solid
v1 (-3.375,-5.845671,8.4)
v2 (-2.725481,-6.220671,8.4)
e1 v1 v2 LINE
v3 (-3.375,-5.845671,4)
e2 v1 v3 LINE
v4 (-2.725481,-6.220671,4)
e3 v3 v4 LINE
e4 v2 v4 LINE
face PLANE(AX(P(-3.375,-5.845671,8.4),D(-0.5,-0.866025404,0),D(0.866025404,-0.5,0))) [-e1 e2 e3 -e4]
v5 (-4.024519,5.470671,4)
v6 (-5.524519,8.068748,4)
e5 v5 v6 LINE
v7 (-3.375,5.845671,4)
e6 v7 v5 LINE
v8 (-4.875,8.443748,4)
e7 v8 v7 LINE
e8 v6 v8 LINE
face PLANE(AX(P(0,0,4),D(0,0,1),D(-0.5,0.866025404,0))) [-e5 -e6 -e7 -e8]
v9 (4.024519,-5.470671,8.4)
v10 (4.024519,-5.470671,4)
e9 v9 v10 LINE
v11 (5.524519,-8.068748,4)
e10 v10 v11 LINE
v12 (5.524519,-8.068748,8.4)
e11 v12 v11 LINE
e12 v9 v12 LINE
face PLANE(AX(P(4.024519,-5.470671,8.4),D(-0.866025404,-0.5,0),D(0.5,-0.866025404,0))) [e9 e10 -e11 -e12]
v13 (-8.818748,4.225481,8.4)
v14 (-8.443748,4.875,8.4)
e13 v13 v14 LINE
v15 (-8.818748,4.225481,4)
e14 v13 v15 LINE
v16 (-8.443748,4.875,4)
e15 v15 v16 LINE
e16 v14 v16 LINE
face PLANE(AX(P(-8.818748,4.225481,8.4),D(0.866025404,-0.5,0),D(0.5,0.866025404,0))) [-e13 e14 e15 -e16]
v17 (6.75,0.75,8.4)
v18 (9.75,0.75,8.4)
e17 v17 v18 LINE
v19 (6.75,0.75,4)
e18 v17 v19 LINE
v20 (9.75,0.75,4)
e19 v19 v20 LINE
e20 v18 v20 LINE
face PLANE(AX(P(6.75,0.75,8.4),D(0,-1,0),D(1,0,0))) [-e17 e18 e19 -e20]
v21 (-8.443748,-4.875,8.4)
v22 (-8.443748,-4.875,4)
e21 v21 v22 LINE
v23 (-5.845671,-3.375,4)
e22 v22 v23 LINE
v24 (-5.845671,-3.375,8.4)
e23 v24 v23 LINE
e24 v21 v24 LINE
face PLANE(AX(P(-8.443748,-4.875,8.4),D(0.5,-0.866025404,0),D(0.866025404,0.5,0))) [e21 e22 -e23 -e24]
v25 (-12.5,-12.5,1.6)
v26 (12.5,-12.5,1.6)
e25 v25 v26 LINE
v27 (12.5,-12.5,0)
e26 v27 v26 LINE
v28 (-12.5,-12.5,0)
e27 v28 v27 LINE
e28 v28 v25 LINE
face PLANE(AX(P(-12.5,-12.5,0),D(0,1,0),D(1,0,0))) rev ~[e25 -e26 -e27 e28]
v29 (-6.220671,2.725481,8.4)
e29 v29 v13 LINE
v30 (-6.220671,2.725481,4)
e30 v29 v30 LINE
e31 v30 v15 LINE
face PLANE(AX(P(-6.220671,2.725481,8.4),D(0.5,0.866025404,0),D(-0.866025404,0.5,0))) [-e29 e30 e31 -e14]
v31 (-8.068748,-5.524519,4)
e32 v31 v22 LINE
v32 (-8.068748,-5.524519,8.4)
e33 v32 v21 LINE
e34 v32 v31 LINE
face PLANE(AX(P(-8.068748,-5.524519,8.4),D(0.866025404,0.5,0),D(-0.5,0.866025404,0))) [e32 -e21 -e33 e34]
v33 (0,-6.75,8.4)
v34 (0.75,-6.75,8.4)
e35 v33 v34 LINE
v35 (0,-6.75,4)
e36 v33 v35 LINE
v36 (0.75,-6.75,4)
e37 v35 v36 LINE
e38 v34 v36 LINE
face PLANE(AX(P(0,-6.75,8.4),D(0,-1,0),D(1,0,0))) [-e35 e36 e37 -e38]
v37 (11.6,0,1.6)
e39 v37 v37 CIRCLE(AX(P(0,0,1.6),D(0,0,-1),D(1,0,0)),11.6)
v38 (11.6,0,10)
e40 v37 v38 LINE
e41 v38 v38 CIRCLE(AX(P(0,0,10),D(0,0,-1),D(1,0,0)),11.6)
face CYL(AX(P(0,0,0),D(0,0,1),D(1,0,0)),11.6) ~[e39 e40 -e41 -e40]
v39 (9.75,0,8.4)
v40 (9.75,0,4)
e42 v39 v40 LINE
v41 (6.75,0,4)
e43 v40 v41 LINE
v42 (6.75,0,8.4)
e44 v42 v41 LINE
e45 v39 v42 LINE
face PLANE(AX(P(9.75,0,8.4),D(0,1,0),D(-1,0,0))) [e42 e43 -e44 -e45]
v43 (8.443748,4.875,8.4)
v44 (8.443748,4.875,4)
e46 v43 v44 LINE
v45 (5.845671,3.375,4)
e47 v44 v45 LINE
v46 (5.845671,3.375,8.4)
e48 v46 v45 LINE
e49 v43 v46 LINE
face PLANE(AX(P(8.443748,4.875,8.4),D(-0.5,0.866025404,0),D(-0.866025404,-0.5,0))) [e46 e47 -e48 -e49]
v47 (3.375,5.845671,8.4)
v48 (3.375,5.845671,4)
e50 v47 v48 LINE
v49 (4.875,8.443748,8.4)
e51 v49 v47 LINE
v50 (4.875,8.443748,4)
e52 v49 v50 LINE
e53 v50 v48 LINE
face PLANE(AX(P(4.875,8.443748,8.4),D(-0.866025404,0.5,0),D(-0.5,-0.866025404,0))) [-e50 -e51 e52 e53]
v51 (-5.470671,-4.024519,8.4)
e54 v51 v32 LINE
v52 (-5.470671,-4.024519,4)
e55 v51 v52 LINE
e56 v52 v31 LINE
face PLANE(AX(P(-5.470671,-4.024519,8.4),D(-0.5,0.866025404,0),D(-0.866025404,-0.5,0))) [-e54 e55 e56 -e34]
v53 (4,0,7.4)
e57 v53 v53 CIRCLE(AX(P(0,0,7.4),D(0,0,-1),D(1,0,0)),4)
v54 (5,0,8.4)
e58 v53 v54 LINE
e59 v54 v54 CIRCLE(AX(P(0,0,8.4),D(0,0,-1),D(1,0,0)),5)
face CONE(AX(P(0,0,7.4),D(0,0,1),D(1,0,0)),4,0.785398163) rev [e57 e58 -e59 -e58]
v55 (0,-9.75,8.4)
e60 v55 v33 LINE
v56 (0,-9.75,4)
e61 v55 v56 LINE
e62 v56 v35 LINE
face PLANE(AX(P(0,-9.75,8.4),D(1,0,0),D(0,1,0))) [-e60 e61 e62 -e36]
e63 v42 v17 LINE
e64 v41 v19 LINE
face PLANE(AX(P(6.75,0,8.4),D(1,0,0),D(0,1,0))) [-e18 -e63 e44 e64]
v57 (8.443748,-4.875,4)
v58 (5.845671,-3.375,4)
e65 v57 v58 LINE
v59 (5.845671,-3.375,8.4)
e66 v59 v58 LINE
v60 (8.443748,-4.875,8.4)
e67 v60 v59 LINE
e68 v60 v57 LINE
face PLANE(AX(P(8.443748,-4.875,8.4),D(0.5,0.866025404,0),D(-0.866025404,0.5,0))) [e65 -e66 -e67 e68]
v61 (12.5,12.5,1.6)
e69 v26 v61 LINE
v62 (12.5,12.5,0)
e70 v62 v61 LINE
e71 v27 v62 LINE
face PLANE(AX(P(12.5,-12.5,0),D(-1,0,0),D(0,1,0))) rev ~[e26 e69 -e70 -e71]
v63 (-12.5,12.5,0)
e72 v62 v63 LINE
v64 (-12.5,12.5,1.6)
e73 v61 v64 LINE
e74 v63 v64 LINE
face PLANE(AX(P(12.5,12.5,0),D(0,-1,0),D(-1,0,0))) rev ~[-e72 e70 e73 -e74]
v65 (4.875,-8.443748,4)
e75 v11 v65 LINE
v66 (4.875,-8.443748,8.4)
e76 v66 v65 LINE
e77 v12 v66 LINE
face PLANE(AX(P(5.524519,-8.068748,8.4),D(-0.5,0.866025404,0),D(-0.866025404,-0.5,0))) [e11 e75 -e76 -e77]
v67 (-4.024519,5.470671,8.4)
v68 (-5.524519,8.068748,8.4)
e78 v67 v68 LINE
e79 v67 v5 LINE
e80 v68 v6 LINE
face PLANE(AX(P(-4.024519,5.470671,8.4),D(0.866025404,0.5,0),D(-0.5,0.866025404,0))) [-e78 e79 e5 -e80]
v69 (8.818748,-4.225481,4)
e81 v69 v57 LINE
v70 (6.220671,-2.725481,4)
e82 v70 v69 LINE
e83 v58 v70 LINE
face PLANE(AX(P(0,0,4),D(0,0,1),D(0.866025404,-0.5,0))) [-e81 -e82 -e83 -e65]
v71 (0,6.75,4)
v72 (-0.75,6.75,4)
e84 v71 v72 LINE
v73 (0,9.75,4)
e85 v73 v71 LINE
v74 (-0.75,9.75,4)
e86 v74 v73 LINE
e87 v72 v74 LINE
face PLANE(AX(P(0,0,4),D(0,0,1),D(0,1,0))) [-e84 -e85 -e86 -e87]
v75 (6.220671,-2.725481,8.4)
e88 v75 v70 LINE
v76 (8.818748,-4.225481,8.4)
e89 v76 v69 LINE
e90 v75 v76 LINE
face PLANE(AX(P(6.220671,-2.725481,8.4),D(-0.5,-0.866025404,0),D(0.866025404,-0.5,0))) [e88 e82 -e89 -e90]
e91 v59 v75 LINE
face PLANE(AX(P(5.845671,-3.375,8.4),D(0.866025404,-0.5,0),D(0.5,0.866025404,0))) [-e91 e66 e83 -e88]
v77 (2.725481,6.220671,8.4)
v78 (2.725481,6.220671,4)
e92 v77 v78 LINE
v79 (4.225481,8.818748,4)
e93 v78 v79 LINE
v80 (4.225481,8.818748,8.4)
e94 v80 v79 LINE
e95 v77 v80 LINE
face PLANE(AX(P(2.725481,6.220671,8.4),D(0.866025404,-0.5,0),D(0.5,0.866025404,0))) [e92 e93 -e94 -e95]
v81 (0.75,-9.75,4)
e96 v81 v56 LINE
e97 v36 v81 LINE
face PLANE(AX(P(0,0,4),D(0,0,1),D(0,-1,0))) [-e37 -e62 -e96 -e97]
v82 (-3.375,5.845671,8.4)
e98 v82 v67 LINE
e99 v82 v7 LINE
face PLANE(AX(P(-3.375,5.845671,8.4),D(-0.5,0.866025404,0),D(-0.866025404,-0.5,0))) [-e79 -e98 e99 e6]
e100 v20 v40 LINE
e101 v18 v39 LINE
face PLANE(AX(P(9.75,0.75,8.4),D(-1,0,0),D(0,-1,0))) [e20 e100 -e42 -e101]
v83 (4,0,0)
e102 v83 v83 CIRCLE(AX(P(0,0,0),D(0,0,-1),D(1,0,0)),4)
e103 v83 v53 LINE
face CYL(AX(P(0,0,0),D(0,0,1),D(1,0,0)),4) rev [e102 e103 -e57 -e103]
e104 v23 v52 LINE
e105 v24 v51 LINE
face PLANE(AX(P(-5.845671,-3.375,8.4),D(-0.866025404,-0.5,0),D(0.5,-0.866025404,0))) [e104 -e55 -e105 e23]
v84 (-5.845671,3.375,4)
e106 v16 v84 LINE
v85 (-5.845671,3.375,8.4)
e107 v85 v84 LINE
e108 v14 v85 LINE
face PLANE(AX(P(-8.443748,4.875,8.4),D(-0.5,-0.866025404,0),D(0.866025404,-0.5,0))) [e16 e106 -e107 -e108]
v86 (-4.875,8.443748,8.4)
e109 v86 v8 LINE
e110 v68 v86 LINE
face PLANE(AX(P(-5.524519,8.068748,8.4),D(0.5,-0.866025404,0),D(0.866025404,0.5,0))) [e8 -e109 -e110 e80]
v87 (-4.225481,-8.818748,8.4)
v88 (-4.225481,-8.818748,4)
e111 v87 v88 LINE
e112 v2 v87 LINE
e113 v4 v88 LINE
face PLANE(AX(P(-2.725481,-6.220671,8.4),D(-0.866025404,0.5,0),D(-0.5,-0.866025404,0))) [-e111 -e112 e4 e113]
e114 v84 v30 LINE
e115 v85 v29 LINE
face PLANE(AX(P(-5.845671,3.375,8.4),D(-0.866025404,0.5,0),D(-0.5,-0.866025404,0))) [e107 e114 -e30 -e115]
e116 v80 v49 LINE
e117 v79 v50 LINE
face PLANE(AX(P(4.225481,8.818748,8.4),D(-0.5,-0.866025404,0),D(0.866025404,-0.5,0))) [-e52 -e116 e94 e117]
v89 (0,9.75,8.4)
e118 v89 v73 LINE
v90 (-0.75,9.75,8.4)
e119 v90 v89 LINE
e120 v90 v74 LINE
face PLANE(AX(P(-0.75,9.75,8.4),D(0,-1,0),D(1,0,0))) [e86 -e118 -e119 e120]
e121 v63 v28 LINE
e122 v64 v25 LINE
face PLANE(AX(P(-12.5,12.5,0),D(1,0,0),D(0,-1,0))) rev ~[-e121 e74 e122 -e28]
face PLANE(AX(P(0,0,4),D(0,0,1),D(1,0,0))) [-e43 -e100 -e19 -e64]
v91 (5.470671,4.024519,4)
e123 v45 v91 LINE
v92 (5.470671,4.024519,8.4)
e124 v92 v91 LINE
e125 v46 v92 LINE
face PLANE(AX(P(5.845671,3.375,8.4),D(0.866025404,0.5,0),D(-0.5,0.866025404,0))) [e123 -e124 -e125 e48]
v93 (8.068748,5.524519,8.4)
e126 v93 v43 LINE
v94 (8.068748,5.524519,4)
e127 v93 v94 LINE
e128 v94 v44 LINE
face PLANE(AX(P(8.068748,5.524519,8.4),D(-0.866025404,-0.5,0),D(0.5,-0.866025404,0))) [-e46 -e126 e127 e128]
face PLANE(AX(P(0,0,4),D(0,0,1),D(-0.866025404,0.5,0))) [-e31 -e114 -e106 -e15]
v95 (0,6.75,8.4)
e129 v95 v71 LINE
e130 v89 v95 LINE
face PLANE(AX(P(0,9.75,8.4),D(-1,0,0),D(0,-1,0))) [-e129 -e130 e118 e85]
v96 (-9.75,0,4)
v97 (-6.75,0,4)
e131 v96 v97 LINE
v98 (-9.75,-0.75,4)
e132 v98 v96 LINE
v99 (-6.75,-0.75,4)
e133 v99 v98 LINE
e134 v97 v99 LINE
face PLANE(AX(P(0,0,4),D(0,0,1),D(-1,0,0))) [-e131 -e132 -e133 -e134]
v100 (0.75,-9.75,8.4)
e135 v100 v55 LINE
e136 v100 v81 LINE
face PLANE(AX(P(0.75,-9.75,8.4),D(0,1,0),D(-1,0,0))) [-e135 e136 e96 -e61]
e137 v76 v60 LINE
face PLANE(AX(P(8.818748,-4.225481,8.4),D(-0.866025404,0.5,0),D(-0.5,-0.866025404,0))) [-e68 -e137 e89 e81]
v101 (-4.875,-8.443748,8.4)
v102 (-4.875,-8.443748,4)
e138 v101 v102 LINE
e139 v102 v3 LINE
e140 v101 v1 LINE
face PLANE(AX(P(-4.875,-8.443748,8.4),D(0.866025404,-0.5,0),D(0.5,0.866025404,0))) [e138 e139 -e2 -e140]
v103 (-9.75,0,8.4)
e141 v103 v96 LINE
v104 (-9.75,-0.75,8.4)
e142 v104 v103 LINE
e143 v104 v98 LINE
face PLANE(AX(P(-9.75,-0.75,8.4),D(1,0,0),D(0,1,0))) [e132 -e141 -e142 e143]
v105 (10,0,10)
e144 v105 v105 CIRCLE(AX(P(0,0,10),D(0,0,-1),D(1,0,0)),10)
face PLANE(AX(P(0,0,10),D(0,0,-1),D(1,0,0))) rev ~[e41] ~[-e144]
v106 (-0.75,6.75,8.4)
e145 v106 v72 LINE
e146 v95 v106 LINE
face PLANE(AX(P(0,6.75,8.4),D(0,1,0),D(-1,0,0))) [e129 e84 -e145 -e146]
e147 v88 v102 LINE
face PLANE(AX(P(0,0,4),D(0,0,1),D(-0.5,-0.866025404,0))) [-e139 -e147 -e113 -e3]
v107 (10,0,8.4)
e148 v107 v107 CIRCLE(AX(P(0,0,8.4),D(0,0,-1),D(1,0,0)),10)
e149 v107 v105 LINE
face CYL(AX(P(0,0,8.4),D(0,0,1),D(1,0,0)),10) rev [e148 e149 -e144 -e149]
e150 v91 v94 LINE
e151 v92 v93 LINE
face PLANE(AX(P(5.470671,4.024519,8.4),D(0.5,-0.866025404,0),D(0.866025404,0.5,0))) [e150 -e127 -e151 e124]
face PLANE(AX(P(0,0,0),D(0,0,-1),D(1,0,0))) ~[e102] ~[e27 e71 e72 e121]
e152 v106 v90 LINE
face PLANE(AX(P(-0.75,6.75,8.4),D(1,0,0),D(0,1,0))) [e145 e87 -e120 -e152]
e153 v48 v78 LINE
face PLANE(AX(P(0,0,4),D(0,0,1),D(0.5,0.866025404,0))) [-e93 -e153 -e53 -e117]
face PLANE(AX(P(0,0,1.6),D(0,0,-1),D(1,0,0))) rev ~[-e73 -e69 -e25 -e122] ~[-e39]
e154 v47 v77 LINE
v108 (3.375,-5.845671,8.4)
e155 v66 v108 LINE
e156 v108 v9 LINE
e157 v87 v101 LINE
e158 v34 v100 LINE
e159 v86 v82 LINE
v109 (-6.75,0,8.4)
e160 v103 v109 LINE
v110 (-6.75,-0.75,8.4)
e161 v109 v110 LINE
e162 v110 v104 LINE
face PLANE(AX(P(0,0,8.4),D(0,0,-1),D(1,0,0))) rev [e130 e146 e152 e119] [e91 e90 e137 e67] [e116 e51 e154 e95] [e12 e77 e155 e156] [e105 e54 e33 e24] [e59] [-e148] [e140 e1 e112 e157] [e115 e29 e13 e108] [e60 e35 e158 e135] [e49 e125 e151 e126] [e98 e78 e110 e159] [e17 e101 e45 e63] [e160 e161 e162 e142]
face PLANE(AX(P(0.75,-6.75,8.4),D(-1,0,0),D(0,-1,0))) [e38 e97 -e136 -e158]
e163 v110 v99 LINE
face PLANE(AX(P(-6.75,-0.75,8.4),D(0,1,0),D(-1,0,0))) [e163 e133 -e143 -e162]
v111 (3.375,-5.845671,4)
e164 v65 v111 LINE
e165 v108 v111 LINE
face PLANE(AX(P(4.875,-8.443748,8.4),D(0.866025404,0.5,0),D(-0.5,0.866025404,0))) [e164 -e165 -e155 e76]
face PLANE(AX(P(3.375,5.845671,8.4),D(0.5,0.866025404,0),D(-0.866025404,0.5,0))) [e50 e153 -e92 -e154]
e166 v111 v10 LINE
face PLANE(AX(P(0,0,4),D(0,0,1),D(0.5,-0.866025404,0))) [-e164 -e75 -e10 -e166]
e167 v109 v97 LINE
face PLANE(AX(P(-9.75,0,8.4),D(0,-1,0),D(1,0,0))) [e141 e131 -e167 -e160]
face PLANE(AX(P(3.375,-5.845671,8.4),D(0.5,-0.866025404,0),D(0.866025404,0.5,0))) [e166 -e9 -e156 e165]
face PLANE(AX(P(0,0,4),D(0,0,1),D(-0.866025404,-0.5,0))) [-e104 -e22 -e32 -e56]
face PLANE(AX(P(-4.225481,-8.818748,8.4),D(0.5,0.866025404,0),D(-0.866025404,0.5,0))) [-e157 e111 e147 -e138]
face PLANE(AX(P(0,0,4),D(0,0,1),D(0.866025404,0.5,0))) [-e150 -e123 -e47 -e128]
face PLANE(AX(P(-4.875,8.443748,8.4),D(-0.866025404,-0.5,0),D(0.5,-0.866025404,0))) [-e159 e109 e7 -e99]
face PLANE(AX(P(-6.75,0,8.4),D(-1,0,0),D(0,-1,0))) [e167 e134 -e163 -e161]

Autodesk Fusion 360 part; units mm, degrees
sketch "Sketch1" plane through (0, 0, 0) normal (0, 1, 0) x (1, 0, 0)
  line L0 (0, 0) -> (11.6, 0)
  line L1 (11.6, 0) -> (11.6, -10)
  line L2 (11.6, -10) -> (0, -10)
  line L3 (0, -10) -> (0, 0)
  line L4 (10, -10) -> (0, -10)
  line L5 (0, -10) -> (0, -8.4)
  line L6 (0, -8.4) -> (10, -8.4)
  line L7 (10, -8.4) -> (10, -10)
  line L8 (4, -8.4) -> (0, -8.4)
  line L9 (0, -8.4) -> (0, 0)
  line L10 (0, 0) -> (4, 0)
  line L11 (4, 0) -> (4, -8.4)
  line L12 (4, -7.4) -> (5, -8.4)
  dimension "d1" = 1.6
  dimension "d2" = 1.6
  dimension "d3" = 10
  dimension "d5" = 8.4
  dimension "d6" = 4
  dimension "d8" = 1
  dimension "d9" = 45
revolve "Revolve1" add sketch "Sketch1" angle 360 about axis through (0, 0, 10) along (0, 0, -1) contours L0 L1 L2 L6 L7 L11 L12
sketch "Sketch2" plane through (0, 0, 0) normal (0, 0, -1) x (1, 0, 0)
  circle A0 centre (0, 0) radius 4
  circle A1 centre (0, 0) radius 11.6
  line L0 (-12.5, 12.5) -> (12.5, 12.5)
  line L1 (12.5, 12.5) -> (12.5, -12.5)
  line L2 (12.5, -12.5) -> (-12.5, -12.5)
  line L3 (-12.5, -12.5) -> (-12.5, 12.5)
  line L4 (-12.5, 12.5) -> (12.5, -12.5) construction
  line L5 (12.5, 12.5) -> (-12.5, -12.5) construction
  dimension "d10" = 25
extrude "Extrude1" add sketch "Sketch2" against normal blind 1.6 contours L0 L1 L2 L3
sketch "Sketch3" plane through (0, 0, 8.4) normal (0, 0, 1) x (-1, 0, 0)
  circle A0 centre (0, 0) radius 10
  circle A1 centre (0, 0) radius 5
  line L0 (9.75, 0) -> (6.75, 0)
  line L1 (6.75, 0) -> (6.75, 0.75)
  line L2 (6.75, 0.75) -> (9.75, 0.75)
  line L3 (9.75, 0.75) -> (9.75, 0)
  dimension "d13" = 3
  dimension "d14" = 6.75
  dimension "d15" = 0.75
extrude "Extrude2" cut sketch "Sketch3" against normal blind 4.4 contours L0 L1 L2 L3
pattern_circular "C-Pattern1" count 12 over 360 about axis through (0, 0, 0) along (0, 0, 1) of "Extrude2"
